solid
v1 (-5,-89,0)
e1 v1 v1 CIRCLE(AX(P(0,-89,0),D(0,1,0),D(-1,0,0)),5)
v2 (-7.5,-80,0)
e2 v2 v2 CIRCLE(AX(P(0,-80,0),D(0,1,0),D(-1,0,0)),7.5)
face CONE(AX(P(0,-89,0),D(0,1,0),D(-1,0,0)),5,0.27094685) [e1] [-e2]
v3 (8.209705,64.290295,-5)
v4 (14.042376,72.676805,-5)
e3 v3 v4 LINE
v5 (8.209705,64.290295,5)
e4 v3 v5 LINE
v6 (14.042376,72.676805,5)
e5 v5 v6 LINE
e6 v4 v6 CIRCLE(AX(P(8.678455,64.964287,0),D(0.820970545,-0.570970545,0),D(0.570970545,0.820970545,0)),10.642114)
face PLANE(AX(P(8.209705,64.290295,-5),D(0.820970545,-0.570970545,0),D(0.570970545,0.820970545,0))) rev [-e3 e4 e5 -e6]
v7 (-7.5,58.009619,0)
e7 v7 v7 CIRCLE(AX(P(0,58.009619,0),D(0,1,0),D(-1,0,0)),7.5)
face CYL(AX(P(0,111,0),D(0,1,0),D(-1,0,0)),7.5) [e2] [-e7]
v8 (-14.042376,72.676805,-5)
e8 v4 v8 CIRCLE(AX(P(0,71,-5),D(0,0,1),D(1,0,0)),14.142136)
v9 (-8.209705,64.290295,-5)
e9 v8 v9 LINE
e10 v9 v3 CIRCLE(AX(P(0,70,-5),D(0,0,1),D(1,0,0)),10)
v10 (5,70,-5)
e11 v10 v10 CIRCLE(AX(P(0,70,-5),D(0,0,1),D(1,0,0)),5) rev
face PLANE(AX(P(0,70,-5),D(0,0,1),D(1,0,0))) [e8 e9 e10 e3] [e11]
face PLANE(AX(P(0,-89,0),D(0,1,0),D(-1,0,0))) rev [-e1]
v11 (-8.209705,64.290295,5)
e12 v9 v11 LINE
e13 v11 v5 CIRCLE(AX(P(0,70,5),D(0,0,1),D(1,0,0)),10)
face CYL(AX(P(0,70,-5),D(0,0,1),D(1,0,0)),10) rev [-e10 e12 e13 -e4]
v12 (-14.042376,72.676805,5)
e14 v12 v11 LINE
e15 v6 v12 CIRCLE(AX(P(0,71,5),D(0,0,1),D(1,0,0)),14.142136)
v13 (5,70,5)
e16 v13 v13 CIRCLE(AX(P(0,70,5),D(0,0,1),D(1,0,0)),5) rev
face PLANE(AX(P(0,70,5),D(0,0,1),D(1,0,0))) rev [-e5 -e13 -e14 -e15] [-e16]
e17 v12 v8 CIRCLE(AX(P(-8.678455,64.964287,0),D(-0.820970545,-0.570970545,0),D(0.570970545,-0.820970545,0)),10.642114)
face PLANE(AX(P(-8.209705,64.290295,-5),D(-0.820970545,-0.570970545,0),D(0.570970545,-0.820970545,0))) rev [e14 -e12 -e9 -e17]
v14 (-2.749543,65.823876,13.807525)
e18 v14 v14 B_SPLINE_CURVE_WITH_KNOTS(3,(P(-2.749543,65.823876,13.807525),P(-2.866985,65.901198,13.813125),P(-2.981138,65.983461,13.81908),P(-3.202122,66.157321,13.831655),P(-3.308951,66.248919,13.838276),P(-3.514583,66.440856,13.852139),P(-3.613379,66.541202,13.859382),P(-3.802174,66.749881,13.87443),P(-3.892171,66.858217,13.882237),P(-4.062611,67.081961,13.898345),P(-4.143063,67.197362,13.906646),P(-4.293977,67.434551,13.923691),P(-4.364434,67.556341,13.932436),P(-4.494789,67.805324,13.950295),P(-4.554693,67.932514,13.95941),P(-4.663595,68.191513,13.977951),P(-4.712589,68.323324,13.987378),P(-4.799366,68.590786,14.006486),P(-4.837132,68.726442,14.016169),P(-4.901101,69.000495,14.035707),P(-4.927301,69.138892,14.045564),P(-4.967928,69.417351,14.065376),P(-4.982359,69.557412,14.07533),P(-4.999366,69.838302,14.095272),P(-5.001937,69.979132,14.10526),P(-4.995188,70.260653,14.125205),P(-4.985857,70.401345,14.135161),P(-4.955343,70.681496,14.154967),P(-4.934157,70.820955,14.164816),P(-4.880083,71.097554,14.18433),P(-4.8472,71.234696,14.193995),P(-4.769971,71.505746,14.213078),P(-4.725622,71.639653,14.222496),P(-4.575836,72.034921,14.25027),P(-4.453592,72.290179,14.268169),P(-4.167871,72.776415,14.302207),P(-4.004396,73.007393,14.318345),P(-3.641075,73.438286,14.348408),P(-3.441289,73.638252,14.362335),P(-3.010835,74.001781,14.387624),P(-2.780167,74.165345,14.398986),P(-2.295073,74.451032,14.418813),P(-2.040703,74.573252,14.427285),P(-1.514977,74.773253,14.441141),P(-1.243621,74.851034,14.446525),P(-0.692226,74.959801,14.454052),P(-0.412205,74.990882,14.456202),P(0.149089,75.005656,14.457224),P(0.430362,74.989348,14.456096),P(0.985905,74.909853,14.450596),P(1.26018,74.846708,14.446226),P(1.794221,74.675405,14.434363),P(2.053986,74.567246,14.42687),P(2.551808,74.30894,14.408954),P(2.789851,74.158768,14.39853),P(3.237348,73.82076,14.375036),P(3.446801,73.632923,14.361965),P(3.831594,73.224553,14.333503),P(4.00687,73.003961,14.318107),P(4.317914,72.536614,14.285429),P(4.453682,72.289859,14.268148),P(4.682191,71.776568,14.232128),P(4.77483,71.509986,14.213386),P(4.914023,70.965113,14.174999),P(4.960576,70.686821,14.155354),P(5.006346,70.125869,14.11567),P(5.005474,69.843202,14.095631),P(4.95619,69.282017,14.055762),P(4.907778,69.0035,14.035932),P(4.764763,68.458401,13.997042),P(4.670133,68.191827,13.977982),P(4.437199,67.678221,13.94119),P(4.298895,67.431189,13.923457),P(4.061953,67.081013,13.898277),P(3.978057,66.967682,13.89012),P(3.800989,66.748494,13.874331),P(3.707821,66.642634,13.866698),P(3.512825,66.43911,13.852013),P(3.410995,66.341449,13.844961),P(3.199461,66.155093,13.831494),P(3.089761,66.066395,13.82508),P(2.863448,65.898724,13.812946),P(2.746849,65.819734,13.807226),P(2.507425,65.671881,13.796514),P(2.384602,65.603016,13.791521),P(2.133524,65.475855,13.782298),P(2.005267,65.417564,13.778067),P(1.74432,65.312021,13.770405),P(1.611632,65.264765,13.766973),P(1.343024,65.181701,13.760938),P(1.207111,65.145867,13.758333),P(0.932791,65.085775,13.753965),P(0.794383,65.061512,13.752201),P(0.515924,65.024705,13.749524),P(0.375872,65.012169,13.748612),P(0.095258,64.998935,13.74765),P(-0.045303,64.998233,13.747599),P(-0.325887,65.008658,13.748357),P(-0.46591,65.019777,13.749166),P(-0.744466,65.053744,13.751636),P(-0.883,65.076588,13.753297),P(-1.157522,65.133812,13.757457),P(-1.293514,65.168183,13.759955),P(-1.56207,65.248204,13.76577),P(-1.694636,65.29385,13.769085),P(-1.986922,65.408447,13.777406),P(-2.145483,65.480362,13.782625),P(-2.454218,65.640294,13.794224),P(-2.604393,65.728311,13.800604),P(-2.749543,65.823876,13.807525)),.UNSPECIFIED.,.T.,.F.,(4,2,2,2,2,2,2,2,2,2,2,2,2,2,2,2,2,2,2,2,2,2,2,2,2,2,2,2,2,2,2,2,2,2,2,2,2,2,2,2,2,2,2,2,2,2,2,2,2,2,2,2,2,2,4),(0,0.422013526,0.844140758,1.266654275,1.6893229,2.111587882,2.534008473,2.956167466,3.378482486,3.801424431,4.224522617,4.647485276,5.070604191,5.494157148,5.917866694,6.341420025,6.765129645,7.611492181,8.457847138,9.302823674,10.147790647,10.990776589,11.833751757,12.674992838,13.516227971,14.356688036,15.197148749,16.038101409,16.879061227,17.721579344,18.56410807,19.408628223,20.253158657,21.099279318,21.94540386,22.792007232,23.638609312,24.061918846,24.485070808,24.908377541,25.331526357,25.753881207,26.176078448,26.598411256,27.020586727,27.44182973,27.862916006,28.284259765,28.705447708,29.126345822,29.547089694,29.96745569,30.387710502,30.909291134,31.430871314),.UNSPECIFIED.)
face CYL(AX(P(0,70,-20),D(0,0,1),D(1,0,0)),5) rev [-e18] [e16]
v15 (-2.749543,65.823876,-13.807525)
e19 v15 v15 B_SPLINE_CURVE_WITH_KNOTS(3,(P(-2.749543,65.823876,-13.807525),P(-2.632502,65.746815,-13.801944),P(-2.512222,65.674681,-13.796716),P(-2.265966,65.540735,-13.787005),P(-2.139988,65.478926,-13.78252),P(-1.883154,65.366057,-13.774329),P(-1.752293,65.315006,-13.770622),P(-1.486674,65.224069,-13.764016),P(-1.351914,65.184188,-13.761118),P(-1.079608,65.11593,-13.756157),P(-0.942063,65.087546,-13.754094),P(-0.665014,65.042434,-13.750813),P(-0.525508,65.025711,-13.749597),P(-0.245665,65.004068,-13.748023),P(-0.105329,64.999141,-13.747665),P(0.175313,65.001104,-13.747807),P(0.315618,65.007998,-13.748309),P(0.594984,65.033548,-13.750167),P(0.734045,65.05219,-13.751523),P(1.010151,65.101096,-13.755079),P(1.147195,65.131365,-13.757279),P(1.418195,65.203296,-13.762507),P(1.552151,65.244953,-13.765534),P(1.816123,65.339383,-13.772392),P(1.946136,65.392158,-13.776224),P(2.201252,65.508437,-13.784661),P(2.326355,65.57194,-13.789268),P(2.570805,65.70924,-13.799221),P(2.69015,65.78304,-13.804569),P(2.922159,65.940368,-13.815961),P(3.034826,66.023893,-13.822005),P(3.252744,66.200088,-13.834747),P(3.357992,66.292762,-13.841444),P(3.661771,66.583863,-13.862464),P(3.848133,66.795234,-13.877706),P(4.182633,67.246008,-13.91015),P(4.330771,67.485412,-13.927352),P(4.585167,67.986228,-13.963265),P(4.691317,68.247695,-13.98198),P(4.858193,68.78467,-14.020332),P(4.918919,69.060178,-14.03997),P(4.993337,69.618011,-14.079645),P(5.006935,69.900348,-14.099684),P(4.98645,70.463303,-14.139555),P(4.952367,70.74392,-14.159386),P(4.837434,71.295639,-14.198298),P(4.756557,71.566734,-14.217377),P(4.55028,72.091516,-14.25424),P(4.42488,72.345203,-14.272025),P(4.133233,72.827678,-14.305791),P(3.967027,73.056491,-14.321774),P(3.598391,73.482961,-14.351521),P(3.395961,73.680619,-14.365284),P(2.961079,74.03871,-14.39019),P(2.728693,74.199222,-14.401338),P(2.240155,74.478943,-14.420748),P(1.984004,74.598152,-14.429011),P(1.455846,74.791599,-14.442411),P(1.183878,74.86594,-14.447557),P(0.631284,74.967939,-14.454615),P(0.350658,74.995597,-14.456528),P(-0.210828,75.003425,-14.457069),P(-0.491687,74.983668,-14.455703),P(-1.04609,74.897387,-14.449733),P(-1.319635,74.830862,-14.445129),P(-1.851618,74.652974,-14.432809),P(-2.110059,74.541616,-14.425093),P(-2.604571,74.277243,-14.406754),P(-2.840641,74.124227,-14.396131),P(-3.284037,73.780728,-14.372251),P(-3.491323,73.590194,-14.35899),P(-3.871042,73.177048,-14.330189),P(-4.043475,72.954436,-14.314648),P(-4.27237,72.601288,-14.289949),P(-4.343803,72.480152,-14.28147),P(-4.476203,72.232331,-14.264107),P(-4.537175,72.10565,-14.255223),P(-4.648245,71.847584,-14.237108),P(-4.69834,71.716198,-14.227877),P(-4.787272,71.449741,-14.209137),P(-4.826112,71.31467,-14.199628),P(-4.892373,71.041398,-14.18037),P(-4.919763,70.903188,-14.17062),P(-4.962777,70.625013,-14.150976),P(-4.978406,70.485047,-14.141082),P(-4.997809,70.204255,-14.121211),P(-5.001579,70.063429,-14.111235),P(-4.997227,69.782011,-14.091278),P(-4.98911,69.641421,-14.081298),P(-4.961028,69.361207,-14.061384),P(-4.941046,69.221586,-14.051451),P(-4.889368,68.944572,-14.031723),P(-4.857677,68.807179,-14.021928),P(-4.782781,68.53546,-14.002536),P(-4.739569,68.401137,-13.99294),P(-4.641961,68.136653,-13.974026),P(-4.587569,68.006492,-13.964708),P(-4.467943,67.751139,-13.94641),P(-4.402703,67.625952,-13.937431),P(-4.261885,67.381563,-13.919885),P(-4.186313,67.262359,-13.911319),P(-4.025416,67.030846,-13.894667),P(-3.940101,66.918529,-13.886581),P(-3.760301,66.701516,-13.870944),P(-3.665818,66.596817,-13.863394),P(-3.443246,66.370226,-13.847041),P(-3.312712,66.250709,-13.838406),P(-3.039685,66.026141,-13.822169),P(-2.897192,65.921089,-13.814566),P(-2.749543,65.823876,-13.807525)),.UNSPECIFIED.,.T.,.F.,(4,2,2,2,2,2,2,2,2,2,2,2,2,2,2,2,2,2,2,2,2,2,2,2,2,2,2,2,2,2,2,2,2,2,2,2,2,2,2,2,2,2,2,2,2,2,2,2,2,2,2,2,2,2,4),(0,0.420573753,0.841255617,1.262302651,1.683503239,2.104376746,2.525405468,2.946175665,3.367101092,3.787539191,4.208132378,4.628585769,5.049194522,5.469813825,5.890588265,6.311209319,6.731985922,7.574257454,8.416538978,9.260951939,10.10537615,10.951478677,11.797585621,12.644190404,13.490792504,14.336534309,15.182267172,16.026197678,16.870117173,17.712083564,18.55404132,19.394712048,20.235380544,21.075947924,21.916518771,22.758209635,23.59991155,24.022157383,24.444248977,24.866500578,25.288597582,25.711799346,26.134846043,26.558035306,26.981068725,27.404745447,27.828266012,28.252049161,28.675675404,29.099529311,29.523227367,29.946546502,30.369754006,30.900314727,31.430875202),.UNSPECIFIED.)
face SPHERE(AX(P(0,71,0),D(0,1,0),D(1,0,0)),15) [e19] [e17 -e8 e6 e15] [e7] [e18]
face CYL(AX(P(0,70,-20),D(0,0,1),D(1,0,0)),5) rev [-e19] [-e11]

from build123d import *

# Parameters (mm, degrees)
SKETCH2_R          = 5
CUT_EXTRUDE1_DEPTH = 20
CUT_EXTRUDE2_DEPTH = 5


with BuildPart() as part:
    # Sketch1 → Base-Revolve (revolve)
    with BuildSketch(Plane.XY, mode=Mode.PRIVATE) as base_revolve_sk:
        with BuildLine():
            Line((0, -89), (5, -89))
            Line((5, -89), (7.5, -80))
            Line((7.5, -80), (7.5, 58.009618943))
            ThreePointArc((7.5, 58.009618943), (14.488887394, 74.882285677), (0, 86))
            Line((0, 86), (0, -89))
        make_face()
    revolve(base_revolve_sk.sketch.rotate(Axis((0, 111, 0), (0, -1, 0)), 180), axis=Axis((0, 111, 0), (0, -1, 0)))

    # Sketch2 → Cut-Extrude1 (cut, symmetric)
    with BuildSketch(Plane.XY):
        with Locations(Location((0, 70, 0), (0, 0, 236.639256329))):
            Circle(SKETCH2_R)
    extrude(amount=CUT_EXTRUDE1_DEPTH, both=True, mode=Mode.SUBTRACT)

    # Sketch3 → Cut-Extrude2 (cut, symmetric)
    with BuildSketch(Plane.XY):
        with BuildLine():
            Line((40, 110), (-40, 110))
            Line((-40, 110), (-8.209705454, 64.290294546))
            ThreePointArc((-8.209705454, 64.290294546), (0, 60), (8.209705454, 64.290294546))
            Line((8.209705454, 64.290294546), (40, 110))
        make_face()
    extrude(amount=CUT_EXTRUDE2_DEPTH, both=True, mode=Mode.SUBTRACT)


solid = part.part
